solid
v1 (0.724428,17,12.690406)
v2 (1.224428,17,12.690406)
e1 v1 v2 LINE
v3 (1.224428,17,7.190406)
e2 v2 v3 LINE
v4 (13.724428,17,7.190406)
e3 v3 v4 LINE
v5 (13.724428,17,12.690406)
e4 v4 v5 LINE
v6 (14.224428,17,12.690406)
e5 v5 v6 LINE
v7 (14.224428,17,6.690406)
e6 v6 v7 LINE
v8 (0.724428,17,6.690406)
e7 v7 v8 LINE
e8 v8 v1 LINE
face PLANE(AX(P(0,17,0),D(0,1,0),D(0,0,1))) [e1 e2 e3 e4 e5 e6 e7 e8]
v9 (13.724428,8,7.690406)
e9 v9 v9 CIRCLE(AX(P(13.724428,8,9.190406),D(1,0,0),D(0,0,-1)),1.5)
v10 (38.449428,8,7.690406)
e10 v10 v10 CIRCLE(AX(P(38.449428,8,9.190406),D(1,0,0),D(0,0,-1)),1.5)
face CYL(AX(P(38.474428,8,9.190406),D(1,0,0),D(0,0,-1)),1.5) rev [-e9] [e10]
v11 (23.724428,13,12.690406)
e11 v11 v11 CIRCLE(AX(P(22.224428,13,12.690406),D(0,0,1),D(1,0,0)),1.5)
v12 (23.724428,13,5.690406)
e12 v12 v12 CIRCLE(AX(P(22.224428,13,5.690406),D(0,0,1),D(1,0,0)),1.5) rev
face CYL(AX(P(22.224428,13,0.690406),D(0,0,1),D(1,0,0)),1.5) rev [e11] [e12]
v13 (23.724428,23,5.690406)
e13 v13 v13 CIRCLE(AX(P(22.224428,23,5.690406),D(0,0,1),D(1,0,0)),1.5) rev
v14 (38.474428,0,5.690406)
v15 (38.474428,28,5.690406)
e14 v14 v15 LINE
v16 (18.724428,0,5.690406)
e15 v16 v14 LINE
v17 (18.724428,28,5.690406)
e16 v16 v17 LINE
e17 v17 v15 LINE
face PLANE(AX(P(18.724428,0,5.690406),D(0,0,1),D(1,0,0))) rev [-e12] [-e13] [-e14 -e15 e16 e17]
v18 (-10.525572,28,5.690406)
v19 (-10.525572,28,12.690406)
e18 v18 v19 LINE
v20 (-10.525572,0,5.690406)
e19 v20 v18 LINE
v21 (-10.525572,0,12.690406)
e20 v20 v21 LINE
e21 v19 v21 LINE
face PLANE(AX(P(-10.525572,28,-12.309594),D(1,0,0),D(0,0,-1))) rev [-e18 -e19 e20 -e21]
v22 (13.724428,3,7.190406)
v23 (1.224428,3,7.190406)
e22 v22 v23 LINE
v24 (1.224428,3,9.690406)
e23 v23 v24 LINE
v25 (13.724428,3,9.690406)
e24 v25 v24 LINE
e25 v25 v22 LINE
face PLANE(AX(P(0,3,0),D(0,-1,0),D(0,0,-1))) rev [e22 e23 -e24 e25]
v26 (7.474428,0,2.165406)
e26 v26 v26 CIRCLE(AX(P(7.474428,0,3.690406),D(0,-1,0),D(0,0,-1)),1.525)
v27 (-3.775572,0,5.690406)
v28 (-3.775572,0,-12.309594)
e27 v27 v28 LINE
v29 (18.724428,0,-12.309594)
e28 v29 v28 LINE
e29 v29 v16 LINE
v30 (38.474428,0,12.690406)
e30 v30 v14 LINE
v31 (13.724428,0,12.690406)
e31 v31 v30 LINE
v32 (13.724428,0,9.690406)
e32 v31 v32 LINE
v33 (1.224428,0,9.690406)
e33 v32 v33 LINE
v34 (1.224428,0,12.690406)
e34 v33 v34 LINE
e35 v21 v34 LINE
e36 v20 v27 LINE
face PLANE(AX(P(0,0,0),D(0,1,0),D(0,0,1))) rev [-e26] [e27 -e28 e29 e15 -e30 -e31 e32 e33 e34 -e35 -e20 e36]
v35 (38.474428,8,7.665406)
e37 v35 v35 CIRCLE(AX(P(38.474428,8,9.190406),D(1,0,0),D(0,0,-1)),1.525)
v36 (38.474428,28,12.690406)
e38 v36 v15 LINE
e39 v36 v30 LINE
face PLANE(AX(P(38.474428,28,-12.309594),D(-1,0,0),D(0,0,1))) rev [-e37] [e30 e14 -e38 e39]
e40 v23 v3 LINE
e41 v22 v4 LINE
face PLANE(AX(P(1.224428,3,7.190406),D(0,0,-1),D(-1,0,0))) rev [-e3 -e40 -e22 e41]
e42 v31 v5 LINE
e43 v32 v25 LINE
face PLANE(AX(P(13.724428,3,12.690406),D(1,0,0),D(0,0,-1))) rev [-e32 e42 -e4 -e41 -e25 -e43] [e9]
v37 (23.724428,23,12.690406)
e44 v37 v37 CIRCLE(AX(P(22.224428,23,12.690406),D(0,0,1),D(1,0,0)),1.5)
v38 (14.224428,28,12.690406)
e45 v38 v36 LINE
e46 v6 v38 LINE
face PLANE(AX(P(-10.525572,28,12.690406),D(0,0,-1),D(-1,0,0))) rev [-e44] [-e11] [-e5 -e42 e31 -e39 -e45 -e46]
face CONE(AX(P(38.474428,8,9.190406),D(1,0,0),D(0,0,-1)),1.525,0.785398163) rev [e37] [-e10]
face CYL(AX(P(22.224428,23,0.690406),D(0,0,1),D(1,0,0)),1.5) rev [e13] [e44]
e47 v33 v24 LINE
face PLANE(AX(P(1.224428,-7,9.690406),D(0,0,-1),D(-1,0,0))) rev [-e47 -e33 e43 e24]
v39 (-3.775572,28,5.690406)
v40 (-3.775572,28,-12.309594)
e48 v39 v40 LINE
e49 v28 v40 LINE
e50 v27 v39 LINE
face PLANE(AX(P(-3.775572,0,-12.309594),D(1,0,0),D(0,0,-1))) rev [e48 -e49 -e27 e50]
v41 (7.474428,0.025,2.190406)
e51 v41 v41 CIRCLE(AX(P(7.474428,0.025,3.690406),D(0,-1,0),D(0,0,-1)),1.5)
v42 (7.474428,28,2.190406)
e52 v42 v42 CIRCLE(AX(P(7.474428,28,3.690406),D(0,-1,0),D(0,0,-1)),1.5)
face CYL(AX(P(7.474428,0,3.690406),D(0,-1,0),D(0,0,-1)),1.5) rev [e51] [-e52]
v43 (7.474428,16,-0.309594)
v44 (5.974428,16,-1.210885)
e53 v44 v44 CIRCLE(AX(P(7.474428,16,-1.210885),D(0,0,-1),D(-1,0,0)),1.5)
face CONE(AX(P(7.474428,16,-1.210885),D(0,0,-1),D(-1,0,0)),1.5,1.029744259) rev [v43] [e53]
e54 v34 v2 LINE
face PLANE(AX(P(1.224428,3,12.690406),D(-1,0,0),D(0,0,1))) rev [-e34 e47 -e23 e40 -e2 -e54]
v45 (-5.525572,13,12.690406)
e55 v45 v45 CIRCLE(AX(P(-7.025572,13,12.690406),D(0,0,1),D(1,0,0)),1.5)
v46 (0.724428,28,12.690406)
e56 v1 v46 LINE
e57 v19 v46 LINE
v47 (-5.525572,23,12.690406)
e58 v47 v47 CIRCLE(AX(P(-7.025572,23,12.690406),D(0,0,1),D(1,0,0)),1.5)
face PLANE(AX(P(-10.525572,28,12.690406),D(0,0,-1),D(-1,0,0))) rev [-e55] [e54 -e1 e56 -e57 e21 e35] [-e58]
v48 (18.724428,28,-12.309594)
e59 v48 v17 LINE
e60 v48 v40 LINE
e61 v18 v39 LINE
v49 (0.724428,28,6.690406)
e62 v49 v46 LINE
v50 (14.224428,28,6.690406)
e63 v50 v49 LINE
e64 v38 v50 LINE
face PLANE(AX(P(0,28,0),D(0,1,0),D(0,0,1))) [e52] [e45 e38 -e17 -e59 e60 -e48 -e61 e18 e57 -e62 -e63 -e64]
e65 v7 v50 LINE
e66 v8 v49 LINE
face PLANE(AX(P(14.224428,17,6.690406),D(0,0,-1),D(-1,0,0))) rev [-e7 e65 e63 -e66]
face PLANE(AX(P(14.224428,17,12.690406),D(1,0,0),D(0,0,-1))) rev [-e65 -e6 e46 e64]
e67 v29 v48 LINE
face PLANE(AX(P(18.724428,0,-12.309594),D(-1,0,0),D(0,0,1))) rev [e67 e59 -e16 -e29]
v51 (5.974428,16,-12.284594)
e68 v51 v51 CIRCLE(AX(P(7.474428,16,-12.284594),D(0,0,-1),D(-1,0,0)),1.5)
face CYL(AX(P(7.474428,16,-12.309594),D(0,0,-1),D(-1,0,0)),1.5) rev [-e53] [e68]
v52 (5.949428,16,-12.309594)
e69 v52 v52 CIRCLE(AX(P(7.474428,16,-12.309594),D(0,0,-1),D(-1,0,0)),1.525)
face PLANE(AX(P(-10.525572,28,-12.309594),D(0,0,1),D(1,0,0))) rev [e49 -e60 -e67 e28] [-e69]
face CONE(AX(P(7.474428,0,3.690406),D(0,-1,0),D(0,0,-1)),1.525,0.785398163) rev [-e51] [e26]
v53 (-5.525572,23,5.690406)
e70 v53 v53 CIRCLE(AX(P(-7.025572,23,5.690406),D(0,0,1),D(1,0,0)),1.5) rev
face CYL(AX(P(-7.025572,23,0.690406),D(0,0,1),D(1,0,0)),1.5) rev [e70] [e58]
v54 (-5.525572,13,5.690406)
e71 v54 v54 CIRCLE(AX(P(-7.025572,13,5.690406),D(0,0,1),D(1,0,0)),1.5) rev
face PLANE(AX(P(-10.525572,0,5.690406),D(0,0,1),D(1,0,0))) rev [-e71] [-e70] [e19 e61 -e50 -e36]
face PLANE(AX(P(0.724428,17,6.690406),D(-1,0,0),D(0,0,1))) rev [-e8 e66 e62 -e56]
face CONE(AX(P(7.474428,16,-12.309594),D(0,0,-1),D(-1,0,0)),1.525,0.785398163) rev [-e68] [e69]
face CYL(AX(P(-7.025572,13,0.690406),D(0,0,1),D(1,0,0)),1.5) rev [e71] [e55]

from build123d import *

# Parameters (mm, degrees)
SKETCH1_W                       = 49
SKETCH1_H                       = 25
BOSS_EXTRUDE1_DEPTH             = 28
SKETCH2_W                       = 12.5
SKETCH2_H                       = 5.5
CUT_EXTRUDE1_DEPTH              = 25
F_3_0MM_DOWEL_HOLE1_D           = 3
F_3_0MM_DOWEL_HOLE1_DEPTH       = 11.098709071
F_3_0MM_DOWEL_HOLE1_CSINK_D     = 3.05
F_3_0MM_DOWEL_HOLE1_CSINK_ANGLE = 90
F_3_0MM_DOWEL_HOLE1_TIP         = 0.901290929
F_3_0MM_DOWEL_HOLE2_D           = 3
F_3_0MM_DOWEL_HOLE2_DEPTH       = 24.75
F_3_0MM_DOWEL_HOLE2_CSINK_D     = 3.05
F_3_0MM_DOWEL_HOLE2_CSINK_ANGLE = 90
F_3_0MM_DOWEL_HOLE3_D           = 3
F_3_0MM_DOWEL_HOLE3_CSINK_D     = 3.05
F_3_0MM_DOWEL_HOLE3_CSINK_ANGLE = 90
SKETCH13_R                      = 1.5
CUT_EXTRUDE2_DEPTH              = 12
SKETCH14_W                      = 6.75
SKETCH14_H                      = 18
SKETCH14_W_2                    = 19.75
CUT_EXTRUDE3_DEPTH              = 28
SKETCH15_W                      = 12.5
SKETCH15_H                      = 3
CUT_EXTRUDE4_DEPTH              = 10
CUT_EXTRUDE5_DEPTH              = 11


with BuildPart() as part:
    # Sketch1 → Boss-Extrude1 (new body)
    with BuildSketch(Plane(origin=(0, 0, 0), x_dir=(1, 0, 0), z_dir=(0, 1, 0))):
        with Locations((13.974428044, -0.190405904)):
            Rectangle(SKETCH1_W, SKETCH1_H)
    extrude(amount=BOSS_EXTRUDE1_DEPTH)

    # Sketch2 → Cut-Extrude1 (cut)
    with BuildSketch(Plane(origin=(0, 28, 0), x_dir=(1, 0, 0), z_dir=(0, 1, 0))):
        with Locations((7.474428044, -9.940405904)):
            Rectangle(SKETCH2_W, SKETCH2_H)
    extrude(amount=-CUT_EXTRUDE1_DEPTH, mode=Mode.SUBTRACT)

    # Ø3.0mm Dowel Hole1
    with Locations(Plane(origin=(0, 0, -12.309594096), x_dir=(-1, 0, 0), z_dir=(0, 0, -1))):
        with Locations((-7.474428044, 16)):
            CounterSinkHole(F_3_0MM_DOWEL_HOLE1_D / 2, F_3_0MM_DOWEL_HOLE1_CSINK_D / 2, depth=F_3_0MM_DOWEL_HOLE1_DEPTH, counter_sink_angle=F_3_0MM_DOWEL_HOLE1_CSINK_ANGLE)
            with Locations((0, 0, -(F_3_0MM_DOWEL_HOLE1_DEPTH + F_3_0MM_DOWEL_HOLE1_TIP / 2))):  # 118° drill point
                Cone(0, F_3_0MM_DOWEL_HOLE1_D / 2, F_3_0MM_DOWEL_HOLE1_TIP, mode=Mode.SUBTRACT)

    # Ø3.0mm Dowel Hole2
    with Locations(Plane(origin=(38.474428044, 0, 0), x_dir=(0, 0, -1), z_dir=(1, 0, 0))):
        with Locations((-9.190405904, 8)):
            CounterSinkHole(F_3_0MM_DOWEL_HOLE2_D / 2, F_3_0MM_DOWEL_HOLE2_CSINK_D / 2, depth=F_3_0MM_DOWEL_HOLE2_DEPTH, counter_sink_angle=F_3_0MM_DOWEL_HOLE2_CSINK_ANGLE)

    # Ø3.0mm Dowel Hole3 (through all)
    with Locations(Plane(origin=(0, 0, 0), x_dir=(-1, 0, 0), z_dir=(0, -1, 0))):
        with Locations((-7.474428044, -3.690405904)):
            CounterSinkHole(F_3_0MM_DOWEL_HOLE3_D / 2, F_3_0MM_DOWEL_HOLE3_CSINK_D / 2, counter_sink_angle=F_3_0MM_DOWEL_HOLE3_CSINK_ANGLE)

    # Sketch13 → Cut-Extrude2 (cut)
    with BuildSketch(Plane.XY.offset(12.690405904)):
        with Locations((-7.025571956, 23)):
            Circle(SKETCH13_R)
        with Locations((-7.025571956, 13)):
            Circle(SKETCH13_R)
        with Locations((22.224428044, 23)):
            Circle(SKETCH13_R)
        with Locations((22.224428044, 13)):
            Circle(SKETCH13_R)
    extrude(amount=-CUT_EXTRUDE2_DEPTH, mode=Mode.SUBTRACT)

    # Sketch14 → Cut-Extrude3 (cut)
    with BuildSketch(Plane(origin=(0, 28, 0), x_dir=(1, 0, 0), z_dir=(0, 1, 0))):
        with Locations((-7.150571956, 3.309594096)):
            Rectangle(SKETCH14_W, SKETCH14_H)
        with Locations((28.599428044, 3.309594096)):
            Rectangle(SKETCH14_W_2, SKETCH14_H)
    extrude(amount=-CUT_EXTRUDE3_DEPTH, mode=Mode.SUBTRACT)

    # Sketch15 → Cut-Extrude4 (cut)
    with BuildSketch(Plane(origin=(0, 3, 0), x_dir=(1, 0, 0), z_dir=(0, 1, 0))):
        with Locations((7.474428044, -11.190405904)):
            Rectangle(SKETCH15_W, SKETCH15_H)
    extrude(amount=-CUT_EXTRUDE4_DEPTH, mode=Mode.SUBTRACT)

    # Sketch16 → Cut-Extrude5 (cut)
    with BuildSketch(Plane(origin=(0, 28, 0), x_dir=(1, 0, 0), z_dir=(0, 1, 0))):
        Polygon((14.224428044, -12.690405904), (14.224428044, -6.690405904), (0.724428044, -6.690405904), (0.724428044, -12.690405904), (1.224428044, -12.690405904), (1.224428044, -7.190405904), (13.724428044, -7.190405904), (13.724428044, -12.690405904), align=None)
    extrude(amount=-CUT_EXTRUDE5_DEPTH, mode=Mode.SUBTRACT)


solid = part.part
